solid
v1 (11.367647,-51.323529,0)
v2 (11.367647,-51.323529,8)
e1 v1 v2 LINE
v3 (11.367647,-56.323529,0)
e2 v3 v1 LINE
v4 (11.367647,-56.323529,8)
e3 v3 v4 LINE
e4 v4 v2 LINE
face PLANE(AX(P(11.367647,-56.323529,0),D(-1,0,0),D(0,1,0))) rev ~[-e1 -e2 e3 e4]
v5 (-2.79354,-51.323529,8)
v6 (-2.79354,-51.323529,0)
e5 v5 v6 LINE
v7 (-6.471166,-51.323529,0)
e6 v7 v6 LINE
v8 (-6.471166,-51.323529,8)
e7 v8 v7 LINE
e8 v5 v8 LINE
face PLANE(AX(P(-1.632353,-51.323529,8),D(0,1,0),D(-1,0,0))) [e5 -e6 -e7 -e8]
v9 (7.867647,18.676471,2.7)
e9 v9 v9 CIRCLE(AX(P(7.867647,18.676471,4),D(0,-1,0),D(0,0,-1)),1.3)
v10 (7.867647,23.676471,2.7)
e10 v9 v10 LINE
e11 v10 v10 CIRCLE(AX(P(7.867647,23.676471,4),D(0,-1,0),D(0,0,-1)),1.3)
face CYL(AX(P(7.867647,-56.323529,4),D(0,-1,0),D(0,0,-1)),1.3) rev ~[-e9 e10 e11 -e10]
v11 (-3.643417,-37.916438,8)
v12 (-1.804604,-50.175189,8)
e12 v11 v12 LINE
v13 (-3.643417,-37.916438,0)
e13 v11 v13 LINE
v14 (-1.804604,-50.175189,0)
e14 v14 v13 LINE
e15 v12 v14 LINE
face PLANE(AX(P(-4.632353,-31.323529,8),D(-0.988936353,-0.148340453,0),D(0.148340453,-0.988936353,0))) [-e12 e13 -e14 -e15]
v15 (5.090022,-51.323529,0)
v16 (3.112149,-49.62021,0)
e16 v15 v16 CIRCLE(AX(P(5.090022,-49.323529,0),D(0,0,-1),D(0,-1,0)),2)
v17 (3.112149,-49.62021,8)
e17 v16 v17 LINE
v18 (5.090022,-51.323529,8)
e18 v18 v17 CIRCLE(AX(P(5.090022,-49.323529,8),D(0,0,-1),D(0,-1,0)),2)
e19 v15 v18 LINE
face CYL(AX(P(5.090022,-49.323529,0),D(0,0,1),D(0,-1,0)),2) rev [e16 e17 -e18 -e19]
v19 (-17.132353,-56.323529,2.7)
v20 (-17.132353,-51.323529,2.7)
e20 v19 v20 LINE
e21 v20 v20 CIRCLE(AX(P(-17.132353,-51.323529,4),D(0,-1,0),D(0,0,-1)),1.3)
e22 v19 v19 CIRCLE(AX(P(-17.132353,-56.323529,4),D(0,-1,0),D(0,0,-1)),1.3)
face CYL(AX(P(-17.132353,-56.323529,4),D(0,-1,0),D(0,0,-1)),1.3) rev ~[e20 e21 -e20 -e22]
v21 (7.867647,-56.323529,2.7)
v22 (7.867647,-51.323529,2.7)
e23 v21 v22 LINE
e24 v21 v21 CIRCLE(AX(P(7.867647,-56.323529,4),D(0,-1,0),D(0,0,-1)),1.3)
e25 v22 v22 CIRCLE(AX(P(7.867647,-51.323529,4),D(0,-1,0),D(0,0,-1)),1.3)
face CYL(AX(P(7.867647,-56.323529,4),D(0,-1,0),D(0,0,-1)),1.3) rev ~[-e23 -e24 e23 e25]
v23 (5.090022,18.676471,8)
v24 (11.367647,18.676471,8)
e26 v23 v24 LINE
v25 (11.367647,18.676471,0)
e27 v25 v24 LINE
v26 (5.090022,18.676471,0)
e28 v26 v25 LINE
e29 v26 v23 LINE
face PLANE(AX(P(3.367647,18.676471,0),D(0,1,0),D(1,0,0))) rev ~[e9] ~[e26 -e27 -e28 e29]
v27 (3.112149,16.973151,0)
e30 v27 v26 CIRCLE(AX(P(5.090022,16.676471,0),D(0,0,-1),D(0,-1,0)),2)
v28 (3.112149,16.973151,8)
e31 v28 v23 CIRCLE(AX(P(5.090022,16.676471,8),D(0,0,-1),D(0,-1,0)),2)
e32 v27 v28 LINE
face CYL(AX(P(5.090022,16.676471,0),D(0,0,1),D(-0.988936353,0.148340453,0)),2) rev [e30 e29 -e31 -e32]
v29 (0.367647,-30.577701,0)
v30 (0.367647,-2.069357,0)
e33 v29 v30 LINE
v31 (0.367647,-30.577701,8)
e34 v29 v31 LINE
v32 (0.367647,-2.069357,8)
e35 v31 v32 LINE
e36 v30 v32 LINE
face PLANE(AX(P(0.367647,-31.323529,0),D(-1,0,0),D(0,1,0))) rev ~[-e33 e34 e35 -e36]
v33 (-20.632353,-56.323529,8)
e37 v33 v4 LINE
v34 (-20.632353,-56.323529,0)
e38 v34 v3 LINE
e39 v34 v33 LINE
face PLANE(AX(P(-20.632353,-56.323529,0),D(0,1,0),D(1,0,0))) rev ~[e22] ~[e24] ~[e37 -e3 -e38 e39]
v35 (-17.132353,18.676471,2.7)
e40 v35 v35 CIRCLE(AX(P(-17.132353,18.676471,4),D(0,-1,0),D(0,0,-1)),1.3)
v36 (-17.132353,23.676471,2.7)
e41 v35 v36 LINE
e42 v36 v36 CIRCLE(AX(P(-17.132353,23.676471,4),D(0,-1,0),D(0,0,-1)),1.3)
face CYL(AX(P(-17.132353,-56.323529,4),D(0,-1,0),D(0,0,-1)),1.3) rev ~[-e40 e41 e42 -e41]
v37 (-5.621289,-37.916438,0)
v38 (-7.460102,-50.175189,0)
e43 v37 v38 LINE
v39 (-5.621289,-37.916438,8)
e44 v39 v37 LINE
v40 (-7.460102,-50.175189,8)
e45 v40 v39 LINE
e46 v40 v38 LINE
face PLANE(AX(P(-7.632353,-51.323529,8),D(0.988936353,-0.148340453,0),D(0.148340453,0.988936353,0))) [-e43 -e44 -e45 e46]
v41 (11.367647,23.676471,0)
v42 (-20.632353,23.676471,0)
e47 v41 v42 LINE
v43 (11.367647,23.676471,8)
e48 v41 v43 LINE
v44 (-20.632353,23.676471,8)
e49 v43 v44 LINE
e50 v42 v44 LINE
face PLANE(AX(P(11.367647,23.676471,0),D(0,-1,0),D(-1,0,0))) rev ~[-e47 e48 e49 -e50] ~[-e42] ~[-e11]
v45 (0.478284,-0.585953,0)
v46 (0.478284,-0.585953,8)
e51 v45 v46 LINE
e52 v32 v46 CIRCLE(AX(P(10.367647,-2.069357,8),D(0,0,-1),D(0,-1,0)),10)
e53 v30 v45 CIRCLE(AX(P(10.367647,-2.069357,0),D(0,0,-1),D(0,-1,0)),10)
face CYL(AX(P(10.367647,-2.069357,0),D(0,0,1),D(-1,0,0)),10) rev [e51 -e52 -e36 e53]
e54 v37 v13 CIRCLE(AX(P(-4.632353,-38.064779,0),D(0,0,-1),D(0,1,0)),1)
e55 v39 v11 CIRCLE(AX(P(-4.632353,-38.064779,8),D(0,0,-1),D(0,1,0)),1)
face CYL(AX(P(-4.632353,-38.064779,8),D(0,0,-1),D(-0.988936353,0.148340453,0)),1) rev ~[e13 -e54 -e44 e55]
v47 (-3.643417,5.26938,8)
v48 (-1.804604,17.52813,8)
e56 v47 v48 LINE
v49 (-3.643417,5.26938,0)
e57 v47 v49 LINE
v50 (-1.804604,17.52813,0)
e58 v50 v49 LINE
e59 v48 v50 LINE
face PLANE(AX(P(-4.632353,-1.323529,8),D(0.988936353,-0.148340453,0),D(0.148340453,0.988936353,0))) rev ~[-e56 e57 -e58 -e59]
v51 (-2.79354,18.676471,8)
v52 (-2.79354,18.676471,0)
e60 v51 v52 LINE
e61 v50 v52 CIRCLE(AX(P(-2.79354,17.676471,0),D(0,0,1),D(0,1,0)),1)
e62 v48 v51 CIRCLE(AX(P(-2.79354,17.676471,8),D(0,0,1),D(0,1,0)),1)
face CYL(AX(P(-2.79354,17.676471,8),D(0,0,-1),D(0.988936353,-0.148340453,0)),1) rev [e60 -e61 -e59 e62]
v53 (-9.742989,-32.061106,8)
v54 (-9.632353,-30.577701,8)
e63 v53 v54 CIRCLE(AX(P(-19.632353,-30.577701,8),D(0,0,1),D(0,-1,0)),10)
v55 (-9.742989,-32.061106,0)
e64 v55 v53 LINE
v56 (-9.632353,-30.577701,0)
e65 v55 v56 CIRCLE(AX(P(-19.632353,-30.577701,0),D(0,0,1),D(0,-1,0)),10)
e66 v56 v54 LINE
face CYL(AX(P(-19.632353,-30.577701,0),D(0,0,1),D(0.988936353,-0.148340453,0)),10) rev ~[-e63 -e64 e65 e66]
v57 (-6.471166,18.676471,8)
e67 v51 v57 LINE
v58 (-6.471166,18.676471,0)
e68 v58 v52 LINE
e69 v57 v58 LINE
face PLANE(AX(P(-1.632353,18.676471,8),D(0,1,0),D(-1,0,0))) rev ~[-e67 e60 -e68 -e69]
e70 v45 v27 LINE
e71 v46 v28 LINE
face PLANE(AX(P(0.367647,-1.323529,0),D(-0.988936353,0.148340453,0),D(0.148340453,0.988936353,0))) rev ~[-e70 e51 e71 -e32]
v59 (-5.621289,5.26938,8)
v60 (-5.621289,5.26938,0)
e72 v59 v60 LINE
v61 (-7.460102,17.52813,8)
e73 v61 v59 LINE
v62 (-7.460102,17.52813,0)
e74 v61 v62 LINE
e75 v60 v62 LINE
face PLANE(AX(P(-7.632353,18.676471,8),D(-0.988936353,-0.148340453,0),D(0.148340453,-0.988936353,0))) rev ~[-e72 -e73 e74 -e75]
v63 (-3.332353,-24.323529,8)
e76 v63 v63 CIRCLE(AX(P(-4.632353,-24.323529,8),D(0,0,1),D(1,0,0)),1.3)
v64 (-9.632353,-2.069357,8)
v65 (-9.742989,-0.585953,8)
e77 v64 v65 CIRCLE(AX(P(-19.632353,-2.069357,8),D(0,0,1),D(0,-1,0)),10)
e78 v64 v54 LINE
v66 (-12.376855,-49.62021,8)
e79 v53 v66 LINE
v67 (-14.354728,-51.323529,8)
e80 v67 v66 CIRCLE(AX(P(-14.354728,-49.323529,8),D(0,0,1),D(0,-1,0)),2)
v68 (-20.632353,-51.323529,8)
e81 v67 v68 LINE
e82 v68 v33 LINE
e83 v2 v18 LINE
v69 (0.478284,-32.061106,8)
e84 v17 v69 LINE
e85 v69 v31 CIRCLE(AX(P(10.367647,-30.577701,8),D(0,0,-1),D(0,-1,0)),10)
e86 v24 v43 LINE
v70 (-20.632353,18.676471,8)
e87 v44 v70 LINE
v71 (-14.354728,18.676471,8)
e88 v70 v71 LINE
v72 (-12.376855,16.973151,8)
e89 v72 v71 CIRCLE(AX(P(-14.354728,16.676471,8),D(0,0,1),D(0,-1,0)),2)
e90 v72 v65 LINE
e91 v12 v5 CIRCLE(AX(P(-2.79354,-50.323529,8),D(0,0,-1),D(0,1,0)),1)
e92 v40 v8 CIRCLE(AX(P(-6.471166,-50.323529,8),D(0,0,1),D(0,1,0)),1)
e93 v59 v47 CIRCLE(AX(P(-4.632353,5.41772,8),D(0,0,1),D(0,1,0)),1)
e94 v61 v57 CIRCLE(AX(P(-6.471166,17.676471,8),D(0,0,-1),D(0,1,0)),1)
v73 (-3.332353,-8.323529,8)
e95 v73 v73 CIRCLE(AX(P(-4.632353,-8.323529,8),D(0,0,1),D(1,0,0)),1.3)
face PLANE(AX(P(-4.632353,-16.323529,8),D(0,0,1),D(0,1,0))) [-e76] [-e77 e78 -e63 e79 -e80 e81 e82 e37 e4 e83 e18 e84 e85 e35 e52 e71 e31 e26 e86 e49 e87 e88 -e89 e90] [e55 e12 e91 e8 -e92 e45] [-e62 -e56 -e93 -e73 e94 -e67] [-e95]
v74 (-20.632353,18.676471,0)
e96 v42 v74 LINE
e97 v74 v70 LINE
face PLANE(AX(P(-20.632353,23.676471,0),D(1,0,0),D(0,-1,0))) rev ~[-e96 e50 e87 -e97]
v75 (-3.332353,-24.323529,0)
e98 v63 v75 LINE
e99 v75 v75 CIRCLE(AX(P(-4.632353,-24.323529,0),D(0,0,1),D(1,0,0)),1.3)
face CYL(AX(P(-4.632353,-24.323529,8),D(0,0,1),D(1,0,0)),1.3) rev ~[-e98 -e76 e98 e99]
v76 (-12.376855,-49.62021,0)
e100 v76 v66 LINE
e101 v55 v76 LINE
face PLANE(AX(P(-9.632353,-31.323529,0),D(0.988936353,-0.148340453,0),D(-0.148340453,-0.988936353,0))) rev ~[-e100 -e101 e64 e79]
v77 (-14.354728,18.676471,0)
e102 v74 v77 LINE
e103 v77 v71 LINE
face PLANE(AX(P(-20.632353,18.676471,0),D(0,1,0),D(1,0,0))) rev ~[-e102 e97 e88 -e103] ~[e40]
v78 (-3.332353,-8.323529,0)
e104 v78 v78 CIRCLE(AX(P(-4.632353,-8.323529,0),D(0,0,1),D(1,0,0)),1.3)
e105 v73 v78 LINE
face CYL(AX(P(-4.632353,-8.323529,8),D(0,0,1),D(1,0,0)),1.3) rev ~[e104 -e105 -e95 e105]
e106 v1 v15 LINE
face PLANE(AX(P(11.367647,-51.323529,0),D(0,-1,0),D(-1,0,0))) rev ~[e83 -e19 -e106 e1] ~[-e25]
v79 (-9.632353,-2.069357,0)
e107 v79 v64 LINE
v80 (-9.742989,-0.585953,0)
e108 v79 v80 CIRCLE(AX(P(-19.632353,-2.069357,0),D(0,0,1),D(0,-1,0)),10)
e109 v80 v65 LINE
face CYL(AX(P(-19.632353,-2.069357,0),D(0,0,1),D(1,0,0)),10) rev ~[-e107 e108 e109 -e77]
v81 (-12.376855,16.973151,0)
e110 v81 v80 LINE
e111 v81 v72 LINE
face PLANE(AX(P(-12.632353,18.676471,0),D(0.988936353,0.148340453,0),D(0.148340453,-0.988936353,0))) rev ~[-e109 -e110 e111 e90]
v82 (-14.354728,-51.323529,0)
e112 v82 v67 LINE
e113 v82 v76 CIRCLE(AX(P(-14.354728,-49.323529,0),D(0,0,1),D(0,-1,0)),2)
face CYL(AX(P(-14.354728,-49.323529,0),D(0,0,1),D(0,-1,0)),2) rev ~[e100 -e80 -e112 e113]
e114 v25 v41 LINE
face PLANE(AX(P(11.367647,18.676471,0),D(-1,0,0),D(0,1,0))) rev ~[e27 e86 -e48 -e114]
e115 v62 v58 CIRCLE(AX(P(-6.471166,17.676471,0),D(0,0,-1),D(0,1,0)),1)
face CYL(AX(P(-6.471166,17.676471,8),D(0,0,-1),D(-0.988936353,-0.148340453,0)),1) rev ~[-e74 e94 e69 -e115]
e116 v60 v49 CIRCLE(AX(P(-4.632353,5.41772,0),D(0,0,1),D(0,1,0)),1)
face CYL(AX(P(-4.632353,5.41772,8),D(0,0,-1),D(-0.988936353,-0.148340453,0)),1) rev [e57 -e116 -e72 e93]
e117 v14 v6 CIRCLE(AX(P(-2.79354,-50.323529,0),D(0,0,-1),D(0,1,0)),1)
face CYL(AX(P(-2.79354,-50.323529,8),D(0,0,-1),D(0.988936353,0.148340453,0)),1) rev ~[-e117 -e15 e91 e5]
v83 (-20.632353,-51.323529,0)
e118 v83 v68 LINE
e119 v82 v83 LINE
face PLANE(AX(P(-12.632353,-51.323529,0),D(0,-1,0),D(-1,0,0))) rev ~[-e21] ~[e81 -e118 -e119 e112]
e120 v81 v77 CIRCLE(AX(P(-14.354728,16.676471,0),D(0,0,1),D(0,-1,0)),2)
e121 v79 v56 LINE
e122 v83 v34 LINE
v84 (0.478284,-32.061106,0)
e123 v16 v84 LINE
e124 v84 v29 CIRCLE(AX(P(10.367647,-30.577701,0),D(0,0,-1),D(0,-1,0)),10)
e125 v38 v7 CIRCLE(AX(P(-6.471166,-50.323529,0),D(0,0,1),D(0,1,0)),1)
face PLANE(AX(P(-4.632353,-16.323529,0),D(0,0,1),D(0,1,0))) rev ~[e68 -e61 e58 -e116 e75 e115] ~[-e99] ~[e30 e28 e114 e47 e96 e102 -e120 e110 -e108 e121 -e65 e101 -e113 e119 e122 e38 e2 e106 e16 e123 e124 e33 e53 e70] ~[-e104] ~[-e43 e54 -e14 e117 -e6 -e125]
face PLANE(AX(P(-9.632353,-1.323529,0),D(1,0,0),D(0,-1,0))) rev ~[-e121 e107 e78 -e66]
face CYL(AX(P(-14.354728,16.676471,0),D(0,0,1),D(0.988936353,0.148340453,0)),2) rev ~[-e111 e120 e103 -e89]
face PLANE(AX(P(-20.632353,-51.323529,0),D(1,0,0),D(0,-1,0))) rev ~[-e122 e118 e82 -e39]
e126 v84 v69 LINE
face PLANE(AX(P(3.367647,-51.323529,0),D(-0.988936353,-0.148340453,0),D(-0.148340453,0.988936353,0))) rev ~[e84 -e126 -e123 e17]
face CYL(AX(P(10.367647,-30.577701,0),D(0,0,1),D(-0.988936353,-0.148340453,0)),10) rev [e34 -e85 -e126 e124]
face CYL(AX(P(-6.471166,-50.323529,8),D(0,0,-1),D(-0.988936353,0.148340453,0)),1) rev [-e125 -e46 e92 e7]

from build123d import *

# Parameters (mm, degrees)
BOSS_EXTRUDE1_DEPTH = 8
CUT_EXTRUDE1_REACH  = 62.515
SKETCH3_R           = 1.3
CUT_EXTRUDE2_DEPTH  = 84.004180545
FILLET6_R           = 2
FILLET7_R           = 1
FILLET8_R           = 10
CUT_EXTRUDE3_REACH  = 62.515
SKETCH4_R           = 1.3


with BuildPart() as part:
    # Sketch1 → Boss-Extrude1 (new body)
    with BuildSketch(Plane(origin=(0, 0, 0), x_dir=(0, 1, 0), z_dir=(0, 0, 1))):
        Polygon((-56.323529412, 20.632352941), (-56.323529412, -11.367647059), (-51.323529412, -11.367647059), (-51.323529412, -3.367647059), (-31.323529412, -0.367647059), (-1.323529412, -0.367647059), (18.676470588, -3.367647059), (18.676470588, -11.367647059), (23.676470588, -11.367647059), (23.676470588, 20.632352941), (18.676470588, 20.632352941), (18.676470588, 12.632352941), (-1.323529412, 9.632352941), (-31.323529412, 9.632352941), (-51.323529412, 12.632352941), (-51.323529412, 20.632352941), align=None)
    extrude(amount=BOSS_EXTRUDE1_DEPTH)

    # Sketch2 → Cut-Extrude1 (cut, up to next)
    with BuildSketch(Plane.XY.offset(8), mode=Mode.PRIVATE) as cut_extrude1_sk1:
        Polygon((-7.632352941, -51.323529412), (-4.632352941, -31.323529412), (-1.632352941, -51.323529412), align=None)
    cut_extrude1_tool1 = extrude(cut_extrude1_sk1.sketch, amount=-CUT_EXTRUDE1_REACH, mode=Mode.PRIVATE) & part.part
    # Sketch2 → Cut-Extrude1 (cut, up to next)
    with BuildSketch(Plane.XY.offset(8), mode=Mode.PRIVATE) as cut_extrude1_sk2:
        Polygon((-1.632352941, 18.676470588), (-7.632352941, 18.676470588), (-4.632352941, -1.323529412), align=None)
    cut_extrude1_tool2 = extrude(cut_extrude1_sk2.sketch, amount=-CUT_EXTRUDE1_REACH, mode=Mode.PRIVATE) & part.part
    add(cut_extrude1_tool1.solids().sort_by_distance((-4.632353, -44.656863, 8))[0], mode=Mode.SUBTRACT)
    add(cut_extrude1_tool2.solids().sort_by_distance((-4.632353, 12.009804, 8))[0], mode=Mode.SUBTRACT)

    # Sketch3 → Cut-Extrude2 (cut, through all)
    with BuildSketch(Plane.XZ.offset(56.323529412)):
        with Locations(Location((-17.132352941, 4, 0), (0, 0, 270))):
            Circle(SKETCH3_R)
        with Locations(Location((7.867647059, 4, 0), (0, 0, 270))):
            Circle(SKETCH3_R)
    extrude(amount=-CUT_EXTRUDE2_DEPTH, mode=Mode.SUBTRACT)

    # Fillet6
    fillet6_edges = [part.edges().sort_by_distance(p)[0] for p in [
        (-12.632352941, -51.323529412, 4),
        (-12.632352941, 18.676470588, 4),
        (3.367647059, 18.676470588, 4),
        (3.367647059, -51.323529412, 4),
    ]]
    fillet(fillet6_edges, radius=FILLET6_R)

    # Fillet7
    fillet7_edges = [part.edges().sort_by_distance(p)[0] for p in [
        (-1.632352941, -51.323529412, 4),
        (-7.632352941, -51.323529412, 4),
        (-4.632352941, -31.323529412, 4),
        (-1.632352941, 18.676470588, 4),
        (-4.632352941, -1.323529412, 4),
        (-7.632352941, 18.676470588, 4),
    ]]
    fillet(fillet7_edges, radius=FILLET7_R)

    # Fillet8
    fillet8_edges = [part.edges().sort_by_distance(p)[0] for p in [
        (-9.632352941, -31.323529412, 4),
        (-9.632352941, -1.323529412, 4),
        (0.367647059, -1.323529412, 4),
        (0.367647059, -31.323529412, 4),
    ]]
    fillet(fillet8_edges, radius=FILLET8_R)

    # Sketch4 → Cut-Extrude3 (cut, up to next)
    with BuildSketch(Plane.XY.offset(8), mode=Mode.PRIVATE) as cut_extrude3_sk1:
        with Locations((-4.632352941, -8.323529412)):
            Circle(SKETCH4_R)
    cut_extrude3_tool1 = extrude(cut_extrude3_sk1.sketch, amount=-CUT_EXTRUDE3_REACH, mode=Mode.PRIVATE) & part.part
    # Sketch4 → Cut-Extrude3 (cut, up to next)
    with BuildSketch(Plane.XY.offset(8), mode=Mode.PRIVATE) as cut_extrude3_sk2:
        with Locations((-4.632352941, -24.323529412)):
            Circle(SKETCH4_R)
    cut_extrude3_tool2 = extrude(cut_extrude3_sk2.sketch, amount=-CUT_EXTRUDE3_REACH, mode=Mode.PRIVATE) & part.part
    add(cut_extrude3_tool1.solids().sort_by_distance((-4.632353, -8.323529, 8))[0], mode=Mode.SUBTRACT)
    add(cut_extrude3_tool2.solids().sort_by_distance((-4.632353, -24.323529, 8))[0], mode=Mode.SUBTRACT)


solid = part.part
